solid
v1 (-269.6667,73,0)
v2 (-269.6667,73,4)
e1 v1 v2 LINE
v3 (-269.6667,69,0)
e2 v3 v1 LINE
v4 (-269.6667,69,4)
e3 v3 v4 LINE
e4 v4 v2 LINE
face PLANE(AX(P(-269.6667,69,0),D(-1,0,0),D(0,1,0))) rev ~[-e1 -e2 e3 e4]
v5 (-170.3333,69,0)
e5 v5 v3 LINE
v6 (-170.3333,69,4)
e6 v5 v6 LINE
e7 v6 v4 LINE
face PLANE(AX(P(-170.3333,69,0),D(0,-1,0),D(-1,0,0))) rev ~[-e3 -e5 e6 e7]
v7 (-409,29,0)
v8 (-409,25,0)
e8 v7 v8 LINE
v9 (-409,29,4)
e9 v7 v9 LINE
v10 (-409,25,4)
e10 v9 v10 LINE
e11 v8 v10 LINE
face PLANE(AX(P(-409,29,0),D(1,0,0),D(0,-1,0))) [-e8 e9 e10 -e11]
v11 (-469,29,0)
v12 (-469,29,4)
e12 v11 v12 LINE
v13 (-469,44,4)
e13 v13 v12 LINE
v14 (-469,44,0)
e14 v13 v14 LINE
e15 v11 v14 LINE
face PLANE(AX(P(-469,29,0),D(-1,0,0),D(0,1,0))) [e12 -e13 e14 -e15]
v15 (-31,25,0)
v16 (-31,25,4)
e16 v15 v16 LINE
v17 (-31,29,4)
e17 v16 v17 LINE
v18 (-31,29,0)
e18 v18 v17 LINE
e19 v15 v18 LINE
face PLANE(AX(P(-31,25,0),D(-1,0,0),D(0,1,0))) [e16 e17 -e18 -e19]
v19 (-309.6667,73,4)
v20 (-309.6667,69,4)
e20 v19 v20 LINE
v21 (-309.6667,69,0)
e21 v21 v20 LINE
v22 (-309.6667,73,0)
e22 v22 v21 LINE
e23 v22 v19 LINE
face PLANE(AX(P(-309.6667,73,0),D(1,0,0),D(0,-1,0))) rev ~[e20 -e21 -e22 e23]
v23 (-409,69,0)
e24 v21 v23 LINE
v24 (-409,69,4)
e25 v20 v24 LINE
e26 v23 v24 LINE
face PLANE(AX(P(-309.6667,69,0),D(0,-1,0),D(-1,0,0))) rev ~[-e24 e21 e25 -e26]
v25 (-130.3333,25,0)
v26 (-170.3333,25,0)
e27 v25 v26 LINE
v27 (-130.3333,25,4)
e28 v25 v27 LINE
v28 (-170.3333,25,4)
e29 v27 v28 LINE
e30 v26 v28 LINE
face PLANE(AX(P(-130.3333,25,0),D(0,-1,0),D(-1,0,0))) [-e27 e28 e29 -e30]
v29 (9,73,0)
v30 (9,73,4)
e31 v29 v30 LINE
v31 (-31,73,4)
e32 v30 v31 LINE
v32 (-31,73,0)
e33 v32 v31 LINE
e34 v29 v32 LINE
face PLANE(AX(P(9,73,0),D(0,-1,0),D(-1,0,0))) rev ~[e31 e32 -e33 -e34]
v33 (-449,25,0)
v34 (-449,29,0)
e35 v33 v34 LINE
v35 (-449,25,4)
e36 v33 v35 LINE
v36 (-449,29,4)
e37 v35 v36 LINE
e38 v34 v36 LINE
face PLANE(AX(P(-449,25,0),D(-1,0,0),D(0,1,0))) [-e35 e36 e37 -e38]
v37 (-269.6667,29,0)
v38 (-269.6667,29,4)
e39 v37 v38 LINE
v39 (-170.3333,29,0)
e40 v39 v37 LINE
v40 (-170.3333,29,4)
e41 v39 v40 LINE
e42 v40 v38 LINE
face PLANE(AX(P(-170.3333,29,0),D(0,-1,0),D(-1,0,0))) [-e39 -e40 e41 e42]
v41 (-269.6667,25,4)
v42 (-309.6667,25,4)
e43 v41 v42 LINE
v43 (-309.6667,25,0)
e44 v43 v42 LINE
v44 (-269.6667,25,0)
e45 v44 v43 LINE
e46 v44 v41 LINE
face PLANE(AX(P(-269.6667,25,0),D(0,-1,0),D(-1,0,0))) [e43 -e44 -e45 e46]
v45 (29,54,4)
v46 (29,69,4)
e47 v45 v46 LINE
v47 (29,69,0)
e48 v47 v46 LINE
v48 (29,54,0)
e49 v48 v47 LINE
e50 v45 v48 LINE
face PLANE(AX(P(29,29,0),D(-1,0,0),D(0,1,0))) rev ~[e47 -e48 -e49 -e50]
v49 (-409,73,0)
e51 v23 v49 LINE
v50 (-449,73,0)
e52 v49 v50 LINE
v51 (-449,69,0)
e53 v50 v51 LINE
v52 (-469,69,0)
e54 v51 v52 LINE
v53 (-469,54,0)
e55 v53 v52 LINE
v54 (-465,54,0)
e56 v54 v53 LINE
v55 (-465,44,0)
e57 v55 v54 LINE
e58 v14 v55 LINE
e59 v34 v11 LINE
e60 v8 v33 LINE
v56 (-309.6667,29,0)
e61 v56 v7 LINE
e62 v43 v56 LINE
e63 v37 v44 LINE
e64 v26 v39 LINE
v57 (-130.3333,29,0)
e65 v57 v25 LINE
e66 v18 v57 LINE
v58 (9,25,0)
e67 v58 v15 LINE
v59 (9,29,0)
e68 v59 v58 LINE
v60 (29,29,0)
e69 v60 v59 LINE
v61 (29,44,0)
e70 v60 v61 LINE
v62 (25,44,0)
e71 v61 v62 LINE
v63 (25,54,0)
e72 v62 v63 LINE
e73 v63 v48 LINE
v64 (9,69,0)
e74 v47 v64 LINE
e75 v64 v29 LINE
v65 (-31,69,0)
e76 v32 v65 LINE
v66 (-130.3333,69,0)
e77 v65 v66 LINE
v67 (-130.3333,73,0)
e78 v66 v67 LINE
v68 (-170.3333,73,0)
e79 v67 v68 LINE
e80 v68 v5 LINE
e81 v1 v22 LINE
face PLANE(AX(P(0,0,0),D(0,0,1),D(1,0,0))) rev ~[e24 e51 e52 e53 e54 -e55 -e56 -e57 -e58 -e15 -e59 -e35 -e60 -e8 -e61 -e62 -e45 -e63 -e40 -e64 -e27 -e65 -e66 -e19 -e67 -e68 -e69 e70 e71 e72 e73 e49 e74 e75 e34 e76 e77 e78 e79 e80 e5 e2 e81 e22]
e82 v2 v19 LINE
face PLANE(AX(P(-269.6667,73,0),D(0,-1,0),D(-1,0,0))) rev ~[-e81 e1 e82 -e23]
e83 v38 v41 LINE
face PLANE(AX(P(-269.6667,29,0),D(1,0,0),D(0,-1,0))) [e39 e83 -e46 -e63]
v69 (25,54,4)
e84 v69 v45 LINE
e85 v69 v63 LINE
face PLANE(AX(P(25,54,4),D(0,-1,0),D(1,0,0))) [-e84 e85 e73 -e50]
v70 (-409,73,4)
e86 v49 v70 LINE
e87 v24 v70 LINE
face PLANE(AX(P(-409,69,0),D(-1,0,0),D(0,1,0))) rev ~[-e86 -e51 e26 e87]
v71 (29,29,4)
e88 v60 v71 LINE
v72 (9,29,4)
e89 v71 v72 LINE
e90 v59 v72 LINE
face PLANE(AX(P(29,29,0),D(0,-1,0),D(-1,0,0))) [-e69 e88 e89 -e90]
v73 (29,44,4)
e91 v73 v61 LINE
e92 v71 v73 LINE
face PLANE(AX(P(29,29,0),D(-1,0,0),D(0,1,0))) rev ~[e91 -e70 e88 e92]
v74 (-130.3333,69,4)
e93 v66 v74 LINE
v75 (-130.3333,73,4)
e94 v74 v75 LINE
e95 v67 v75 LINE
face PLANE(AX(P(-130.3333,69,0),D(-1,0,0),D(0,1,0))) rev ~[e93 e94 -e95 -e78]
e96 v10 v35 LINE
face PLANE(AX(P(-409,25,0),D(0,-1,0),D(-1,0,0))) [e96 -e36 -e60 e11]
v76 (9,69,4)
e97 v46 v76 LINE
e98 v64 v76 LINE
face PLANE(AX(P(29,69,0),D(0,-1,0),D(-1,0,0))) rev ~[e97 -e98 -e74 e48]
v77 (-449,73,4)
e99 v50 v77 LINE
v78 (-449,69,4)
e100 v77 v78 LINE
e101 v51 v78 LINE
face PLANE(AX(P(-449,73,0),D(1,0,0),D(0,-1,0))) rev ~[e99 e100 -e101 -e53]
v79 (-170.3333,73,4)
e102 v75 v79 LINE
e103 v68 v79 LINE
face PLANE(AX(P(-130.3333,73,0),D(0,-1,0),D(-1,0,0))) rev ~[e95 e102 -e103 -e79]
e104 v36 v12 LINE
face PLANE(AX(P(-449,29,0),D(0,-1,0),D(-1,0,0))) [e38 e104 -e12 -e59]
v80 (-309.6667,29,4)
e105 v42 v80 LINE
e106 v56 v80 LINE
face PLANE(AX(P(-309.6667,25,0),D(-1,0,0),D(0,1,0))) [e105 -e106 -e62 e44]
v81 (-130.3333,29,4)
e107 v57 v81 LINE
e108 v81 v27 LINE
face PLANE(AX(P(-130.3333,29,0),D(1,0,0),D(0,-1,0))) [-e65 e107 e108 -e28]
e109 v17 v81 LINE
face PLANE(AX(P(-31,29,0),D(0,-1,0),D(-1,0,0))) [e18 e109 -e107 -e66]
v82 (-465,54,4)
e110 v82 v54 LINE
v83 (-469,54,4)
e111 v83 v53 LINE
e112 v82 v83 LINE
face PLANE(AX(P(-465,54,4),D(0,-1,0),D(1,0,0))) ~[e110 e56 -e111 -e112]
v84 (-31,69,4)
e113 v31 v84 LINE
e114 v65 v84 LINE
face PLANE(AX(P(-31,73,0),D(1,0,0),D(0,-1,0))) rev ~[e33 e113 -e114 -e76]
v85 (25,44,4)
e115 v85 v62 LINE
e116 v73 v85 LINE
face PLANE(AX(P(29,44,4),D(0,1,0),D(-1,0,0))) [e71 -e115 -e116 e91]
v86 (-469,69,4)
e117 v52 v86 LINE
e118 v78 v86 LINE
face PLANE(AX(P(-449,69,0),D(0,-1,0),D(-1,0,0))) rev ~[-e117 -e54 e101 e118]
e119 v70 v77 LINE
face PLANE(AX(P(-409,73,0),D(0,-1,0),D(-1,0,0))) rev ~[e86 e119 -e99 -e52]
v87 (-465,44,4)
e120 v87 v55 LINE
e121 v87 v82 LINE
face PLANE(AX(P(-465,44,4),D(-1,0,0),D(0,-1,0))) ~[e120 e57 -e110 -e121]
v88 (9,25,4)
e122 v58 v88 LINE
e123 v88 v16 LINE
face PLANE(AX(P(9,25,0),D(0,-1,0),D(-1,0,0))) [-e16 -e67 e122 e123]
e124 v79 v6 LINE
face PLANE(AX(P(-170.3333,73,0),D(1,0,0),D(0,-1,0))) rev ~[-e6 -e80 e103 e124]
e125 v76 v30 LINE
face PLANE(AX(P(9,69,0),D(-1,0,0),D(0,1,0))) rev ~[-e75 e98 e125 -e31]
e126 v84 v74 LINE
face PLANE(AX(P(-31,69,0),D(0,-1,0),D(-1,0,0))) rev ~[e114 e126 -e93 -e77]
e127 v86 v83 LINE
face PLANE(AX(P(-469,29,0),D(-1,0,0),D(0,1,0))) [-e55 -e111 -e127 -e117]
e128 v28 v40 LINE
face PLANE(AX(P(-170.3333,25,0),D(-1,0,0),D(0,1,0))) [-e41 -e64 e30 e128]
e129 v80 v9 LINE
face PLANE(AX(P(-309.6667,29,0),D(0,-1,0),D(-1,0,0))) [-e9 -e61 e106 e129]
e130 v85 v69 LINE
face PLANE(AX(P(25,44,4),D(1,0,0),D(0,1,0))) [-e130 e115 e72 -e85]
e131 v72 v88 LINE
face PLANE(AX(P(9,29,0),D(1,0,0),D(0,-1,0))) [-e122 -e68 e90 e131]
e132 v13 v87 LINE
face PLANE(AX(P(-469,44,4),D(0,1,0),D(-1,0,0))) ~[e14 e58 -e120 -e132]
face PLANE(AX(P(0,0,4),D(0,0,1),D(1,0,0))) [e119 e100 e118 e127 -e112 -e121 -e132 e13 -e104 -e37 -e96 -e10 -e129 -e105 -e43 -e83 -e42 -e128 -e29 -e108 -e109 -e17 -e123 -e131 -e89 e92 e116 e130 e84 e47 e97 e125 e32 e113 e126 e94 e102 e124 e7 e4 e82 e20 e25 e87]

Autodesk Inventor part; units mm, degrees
ref_plane "YZ Plane" through (0, 0, 0) normal (1, 0, 0) x (0, 1, 0)
ref_plane "XZ Plane" through (0, 0, 0) normal (0, 1, 0) x (-1, 0, 0)
sketch "Sketch1" plane through (0, 0, 0) normal (0, 0, 1) x (1, 0, 0)
  line L0 (29, 29) -> (9, 29)
  line L1 (9, 29) -> (9, 25)
  line L2 (9, 25) -> (-31, 25)
  line L3 (-31, 25) -> (-31, 29)
  line L4 (-31, 29) -> (-130.3333, 29)
  line L5 (-130.3333, 29) -> (-130.3333, 25)
  line L6 (-130.3333, 25) -> (-170.3333, 25)
  line L7 (-170.3333, 25) -> (-170.3333, 29)
  line L8 (-170.3333, 29) -> (-269.6667, 29)
  line L9 (-269.6667, 29) -> (-269.6667, 25)
  line L10 (-269.6667, 25) -> (-309.6667, 25)
  line L11 (-309.6667, 25) -> (-309.6667, 29)
  line L12 (-309.6667, 29) -> (-409, 29)
  line L13 (-409, 29) -> (-409, 25)
  line L14 (-409, 25) -> (-449, 25)
  line L15 (-449, 25) -> (-449, 29)
  line L16 (-449, 29) -> (-469, 29)
  line L17 (29, 29) -> (29, 69)
  line L18 (-469, 29) -> (-469, 69)
  line L19 (-469, 49) -> (-556.7501, 49)
  line L20 (9, 69) -> (9, 73)
  line L21 (9, 73) -> (-31, 73)
  line L22 (-31, 73) -> (-31, 69)
  line L23 (-130.3333, 69) -> (-130.3333, 73)
  line L24 (-130.3333, 73) -> (-170.3333, 73)
  line L25 (-409, 73) -> (-449, 73)
  line L26 (-449, 73) -> (-449, 69)
  line L27 (-409, 69) -> (-409, 73)
  line L28 (-309.6667, 73) -> (-309.6667, 69)
  line L29 (-170.3333, 73) -> (-170.3333, 69)
  line L30 (-269.6667, 69) -> (-269.6667, 73)
  line L31 (-269.6667, 73) -> (-309.6667, 73)
  line L32 (-170.3333, 69) -> (-269.6667, 69)
  line L33 (29, 69) -> (9, 69)
  line L34 (-31, 69) -> (-130.3333, 69)
  line L35 (-309.6667, 69) -> (-409, 69)
  line L36 (-449, 69) -> (-469, 69)
  point P0 (0, 0)
  dimension "d0" = 40
  dimension "d1" = 40
  dimension "d2" = 40
  dimension "d3" = 40
  dimension "d4" = 40
  dimension "d5" = 498
  dimension "d6" = 40
extrude "Extrusion1" add sketch "Sketch1" along normal blind 4
sketch "Sketch3" plane through (0, 0, 4) normal (0, 0, 1) x (1, 0, 0)
  line L0 (9, 25) -> (9, 29) projected
  line L1 (9, 29) -> (29, 29) projected
  line L2 (29, 29) -> (29, 69) projected
  line L3 (29, 69) -> (9, 69) projected
  line L4 (9, 69) -> (9, 73) projected
  line L5 (9, 73) -> (-31, 73) projected
  line L6 (-31, 73) -> (-31, 69) projected
  line L7 (-31, 69) -> (-130.3333, 69) projected
  line L8 (-130.3333, 69) -> (-130.3333, 73) projected
  line L9 (-130.3333, 73) -> (-170.3333, 73) projected
  line L10 (-170.3333, 73) -> (-170.3333, 69) projected
  line L11 (-170.3333, 69) -> (-269.6667, 69) projected
  line L12 (-269.6667, 69) -> (-269.6667, 73) projected
  line L13 (-269.6667, 73) -> (-309.6667, 73) projected
  line L14 (-309.6667, 73) -> (-309.6667, 69) projected
  line L15 (-309.6667, 69) -> (-409, 69) projected
  line L16 (-409, 69) -> (-409, 73) projected
  line L17 (-409, 73) -> (-449, 73) projected
  line L18 (-449, 73) -> (-449, 69) projected
  line L19 (-449, 69) -> (-469, 69) projected
  line L20 (-469, 69) -> (-469, 29) projected
  line L21 (-469, 29) -> (-449, 29) projected
  line L22 (-449, 29) -> (-449, 25) projected
  line L23 (-449, 25) -> (-409, 25) projected
  line L24 (-409, 25) -> (-409, 29) projected
  line L25 (-409, 29) -> (-309.6667, 29) projected
  line L26 (-309.6667, 29) -> (-309.6667, 25) projected
  line L27 (-309.6667, 25) -> (-269.6667, 25) projected
  line L28 (-269.6667, 25) -> (-269.6667, 29) projected
  line L29 (-269.6667, 29) -> (-170.3333, 29) projected
  line L30 (-170.3333, 29) -> (-170.3333, 25) projected
  line L31 (-170.3333, 25) -> (-130.3333, 25) projected
  line L32 (-130.3333, 25) -> (-130.3333, 29) projected
  line L33 (-130.3333, 29) -> (-31, 29) projected
  line L34 (-31, 29) -> (-31, 25) projected
  line L35 (-31, 25) -> (9, 25) projected
  line L36 (-234.0151, 149.1478) -> (-234.0151, 116.0125)
  line L37 (25, 54) -> (29, 54)
  line L38 (29, 54) -> (29, 44)
  line L39 (29, 44) -> (25, 44)
  line L40 (25, 44) -> (25, 54)
  point P0 (0, 0)
  point P1 (29, 49)
  dimension "d15" = 498
  dimension "d16" = 4
  dimension "d17" = 10
extrude "Extrusion3" cut sketch "Sketch3" against normal blind 4 contours L39 L40 L37 L2
ref_plane "Work Plane2" through (-220, 69, 4) normal (1, 0, 0) x (0, 0, -1)
mirror "Mirror1" about plane through (-220, 69, 4) normal (1, 0, 0) of "Extrusion3"
properties part number "F1"
